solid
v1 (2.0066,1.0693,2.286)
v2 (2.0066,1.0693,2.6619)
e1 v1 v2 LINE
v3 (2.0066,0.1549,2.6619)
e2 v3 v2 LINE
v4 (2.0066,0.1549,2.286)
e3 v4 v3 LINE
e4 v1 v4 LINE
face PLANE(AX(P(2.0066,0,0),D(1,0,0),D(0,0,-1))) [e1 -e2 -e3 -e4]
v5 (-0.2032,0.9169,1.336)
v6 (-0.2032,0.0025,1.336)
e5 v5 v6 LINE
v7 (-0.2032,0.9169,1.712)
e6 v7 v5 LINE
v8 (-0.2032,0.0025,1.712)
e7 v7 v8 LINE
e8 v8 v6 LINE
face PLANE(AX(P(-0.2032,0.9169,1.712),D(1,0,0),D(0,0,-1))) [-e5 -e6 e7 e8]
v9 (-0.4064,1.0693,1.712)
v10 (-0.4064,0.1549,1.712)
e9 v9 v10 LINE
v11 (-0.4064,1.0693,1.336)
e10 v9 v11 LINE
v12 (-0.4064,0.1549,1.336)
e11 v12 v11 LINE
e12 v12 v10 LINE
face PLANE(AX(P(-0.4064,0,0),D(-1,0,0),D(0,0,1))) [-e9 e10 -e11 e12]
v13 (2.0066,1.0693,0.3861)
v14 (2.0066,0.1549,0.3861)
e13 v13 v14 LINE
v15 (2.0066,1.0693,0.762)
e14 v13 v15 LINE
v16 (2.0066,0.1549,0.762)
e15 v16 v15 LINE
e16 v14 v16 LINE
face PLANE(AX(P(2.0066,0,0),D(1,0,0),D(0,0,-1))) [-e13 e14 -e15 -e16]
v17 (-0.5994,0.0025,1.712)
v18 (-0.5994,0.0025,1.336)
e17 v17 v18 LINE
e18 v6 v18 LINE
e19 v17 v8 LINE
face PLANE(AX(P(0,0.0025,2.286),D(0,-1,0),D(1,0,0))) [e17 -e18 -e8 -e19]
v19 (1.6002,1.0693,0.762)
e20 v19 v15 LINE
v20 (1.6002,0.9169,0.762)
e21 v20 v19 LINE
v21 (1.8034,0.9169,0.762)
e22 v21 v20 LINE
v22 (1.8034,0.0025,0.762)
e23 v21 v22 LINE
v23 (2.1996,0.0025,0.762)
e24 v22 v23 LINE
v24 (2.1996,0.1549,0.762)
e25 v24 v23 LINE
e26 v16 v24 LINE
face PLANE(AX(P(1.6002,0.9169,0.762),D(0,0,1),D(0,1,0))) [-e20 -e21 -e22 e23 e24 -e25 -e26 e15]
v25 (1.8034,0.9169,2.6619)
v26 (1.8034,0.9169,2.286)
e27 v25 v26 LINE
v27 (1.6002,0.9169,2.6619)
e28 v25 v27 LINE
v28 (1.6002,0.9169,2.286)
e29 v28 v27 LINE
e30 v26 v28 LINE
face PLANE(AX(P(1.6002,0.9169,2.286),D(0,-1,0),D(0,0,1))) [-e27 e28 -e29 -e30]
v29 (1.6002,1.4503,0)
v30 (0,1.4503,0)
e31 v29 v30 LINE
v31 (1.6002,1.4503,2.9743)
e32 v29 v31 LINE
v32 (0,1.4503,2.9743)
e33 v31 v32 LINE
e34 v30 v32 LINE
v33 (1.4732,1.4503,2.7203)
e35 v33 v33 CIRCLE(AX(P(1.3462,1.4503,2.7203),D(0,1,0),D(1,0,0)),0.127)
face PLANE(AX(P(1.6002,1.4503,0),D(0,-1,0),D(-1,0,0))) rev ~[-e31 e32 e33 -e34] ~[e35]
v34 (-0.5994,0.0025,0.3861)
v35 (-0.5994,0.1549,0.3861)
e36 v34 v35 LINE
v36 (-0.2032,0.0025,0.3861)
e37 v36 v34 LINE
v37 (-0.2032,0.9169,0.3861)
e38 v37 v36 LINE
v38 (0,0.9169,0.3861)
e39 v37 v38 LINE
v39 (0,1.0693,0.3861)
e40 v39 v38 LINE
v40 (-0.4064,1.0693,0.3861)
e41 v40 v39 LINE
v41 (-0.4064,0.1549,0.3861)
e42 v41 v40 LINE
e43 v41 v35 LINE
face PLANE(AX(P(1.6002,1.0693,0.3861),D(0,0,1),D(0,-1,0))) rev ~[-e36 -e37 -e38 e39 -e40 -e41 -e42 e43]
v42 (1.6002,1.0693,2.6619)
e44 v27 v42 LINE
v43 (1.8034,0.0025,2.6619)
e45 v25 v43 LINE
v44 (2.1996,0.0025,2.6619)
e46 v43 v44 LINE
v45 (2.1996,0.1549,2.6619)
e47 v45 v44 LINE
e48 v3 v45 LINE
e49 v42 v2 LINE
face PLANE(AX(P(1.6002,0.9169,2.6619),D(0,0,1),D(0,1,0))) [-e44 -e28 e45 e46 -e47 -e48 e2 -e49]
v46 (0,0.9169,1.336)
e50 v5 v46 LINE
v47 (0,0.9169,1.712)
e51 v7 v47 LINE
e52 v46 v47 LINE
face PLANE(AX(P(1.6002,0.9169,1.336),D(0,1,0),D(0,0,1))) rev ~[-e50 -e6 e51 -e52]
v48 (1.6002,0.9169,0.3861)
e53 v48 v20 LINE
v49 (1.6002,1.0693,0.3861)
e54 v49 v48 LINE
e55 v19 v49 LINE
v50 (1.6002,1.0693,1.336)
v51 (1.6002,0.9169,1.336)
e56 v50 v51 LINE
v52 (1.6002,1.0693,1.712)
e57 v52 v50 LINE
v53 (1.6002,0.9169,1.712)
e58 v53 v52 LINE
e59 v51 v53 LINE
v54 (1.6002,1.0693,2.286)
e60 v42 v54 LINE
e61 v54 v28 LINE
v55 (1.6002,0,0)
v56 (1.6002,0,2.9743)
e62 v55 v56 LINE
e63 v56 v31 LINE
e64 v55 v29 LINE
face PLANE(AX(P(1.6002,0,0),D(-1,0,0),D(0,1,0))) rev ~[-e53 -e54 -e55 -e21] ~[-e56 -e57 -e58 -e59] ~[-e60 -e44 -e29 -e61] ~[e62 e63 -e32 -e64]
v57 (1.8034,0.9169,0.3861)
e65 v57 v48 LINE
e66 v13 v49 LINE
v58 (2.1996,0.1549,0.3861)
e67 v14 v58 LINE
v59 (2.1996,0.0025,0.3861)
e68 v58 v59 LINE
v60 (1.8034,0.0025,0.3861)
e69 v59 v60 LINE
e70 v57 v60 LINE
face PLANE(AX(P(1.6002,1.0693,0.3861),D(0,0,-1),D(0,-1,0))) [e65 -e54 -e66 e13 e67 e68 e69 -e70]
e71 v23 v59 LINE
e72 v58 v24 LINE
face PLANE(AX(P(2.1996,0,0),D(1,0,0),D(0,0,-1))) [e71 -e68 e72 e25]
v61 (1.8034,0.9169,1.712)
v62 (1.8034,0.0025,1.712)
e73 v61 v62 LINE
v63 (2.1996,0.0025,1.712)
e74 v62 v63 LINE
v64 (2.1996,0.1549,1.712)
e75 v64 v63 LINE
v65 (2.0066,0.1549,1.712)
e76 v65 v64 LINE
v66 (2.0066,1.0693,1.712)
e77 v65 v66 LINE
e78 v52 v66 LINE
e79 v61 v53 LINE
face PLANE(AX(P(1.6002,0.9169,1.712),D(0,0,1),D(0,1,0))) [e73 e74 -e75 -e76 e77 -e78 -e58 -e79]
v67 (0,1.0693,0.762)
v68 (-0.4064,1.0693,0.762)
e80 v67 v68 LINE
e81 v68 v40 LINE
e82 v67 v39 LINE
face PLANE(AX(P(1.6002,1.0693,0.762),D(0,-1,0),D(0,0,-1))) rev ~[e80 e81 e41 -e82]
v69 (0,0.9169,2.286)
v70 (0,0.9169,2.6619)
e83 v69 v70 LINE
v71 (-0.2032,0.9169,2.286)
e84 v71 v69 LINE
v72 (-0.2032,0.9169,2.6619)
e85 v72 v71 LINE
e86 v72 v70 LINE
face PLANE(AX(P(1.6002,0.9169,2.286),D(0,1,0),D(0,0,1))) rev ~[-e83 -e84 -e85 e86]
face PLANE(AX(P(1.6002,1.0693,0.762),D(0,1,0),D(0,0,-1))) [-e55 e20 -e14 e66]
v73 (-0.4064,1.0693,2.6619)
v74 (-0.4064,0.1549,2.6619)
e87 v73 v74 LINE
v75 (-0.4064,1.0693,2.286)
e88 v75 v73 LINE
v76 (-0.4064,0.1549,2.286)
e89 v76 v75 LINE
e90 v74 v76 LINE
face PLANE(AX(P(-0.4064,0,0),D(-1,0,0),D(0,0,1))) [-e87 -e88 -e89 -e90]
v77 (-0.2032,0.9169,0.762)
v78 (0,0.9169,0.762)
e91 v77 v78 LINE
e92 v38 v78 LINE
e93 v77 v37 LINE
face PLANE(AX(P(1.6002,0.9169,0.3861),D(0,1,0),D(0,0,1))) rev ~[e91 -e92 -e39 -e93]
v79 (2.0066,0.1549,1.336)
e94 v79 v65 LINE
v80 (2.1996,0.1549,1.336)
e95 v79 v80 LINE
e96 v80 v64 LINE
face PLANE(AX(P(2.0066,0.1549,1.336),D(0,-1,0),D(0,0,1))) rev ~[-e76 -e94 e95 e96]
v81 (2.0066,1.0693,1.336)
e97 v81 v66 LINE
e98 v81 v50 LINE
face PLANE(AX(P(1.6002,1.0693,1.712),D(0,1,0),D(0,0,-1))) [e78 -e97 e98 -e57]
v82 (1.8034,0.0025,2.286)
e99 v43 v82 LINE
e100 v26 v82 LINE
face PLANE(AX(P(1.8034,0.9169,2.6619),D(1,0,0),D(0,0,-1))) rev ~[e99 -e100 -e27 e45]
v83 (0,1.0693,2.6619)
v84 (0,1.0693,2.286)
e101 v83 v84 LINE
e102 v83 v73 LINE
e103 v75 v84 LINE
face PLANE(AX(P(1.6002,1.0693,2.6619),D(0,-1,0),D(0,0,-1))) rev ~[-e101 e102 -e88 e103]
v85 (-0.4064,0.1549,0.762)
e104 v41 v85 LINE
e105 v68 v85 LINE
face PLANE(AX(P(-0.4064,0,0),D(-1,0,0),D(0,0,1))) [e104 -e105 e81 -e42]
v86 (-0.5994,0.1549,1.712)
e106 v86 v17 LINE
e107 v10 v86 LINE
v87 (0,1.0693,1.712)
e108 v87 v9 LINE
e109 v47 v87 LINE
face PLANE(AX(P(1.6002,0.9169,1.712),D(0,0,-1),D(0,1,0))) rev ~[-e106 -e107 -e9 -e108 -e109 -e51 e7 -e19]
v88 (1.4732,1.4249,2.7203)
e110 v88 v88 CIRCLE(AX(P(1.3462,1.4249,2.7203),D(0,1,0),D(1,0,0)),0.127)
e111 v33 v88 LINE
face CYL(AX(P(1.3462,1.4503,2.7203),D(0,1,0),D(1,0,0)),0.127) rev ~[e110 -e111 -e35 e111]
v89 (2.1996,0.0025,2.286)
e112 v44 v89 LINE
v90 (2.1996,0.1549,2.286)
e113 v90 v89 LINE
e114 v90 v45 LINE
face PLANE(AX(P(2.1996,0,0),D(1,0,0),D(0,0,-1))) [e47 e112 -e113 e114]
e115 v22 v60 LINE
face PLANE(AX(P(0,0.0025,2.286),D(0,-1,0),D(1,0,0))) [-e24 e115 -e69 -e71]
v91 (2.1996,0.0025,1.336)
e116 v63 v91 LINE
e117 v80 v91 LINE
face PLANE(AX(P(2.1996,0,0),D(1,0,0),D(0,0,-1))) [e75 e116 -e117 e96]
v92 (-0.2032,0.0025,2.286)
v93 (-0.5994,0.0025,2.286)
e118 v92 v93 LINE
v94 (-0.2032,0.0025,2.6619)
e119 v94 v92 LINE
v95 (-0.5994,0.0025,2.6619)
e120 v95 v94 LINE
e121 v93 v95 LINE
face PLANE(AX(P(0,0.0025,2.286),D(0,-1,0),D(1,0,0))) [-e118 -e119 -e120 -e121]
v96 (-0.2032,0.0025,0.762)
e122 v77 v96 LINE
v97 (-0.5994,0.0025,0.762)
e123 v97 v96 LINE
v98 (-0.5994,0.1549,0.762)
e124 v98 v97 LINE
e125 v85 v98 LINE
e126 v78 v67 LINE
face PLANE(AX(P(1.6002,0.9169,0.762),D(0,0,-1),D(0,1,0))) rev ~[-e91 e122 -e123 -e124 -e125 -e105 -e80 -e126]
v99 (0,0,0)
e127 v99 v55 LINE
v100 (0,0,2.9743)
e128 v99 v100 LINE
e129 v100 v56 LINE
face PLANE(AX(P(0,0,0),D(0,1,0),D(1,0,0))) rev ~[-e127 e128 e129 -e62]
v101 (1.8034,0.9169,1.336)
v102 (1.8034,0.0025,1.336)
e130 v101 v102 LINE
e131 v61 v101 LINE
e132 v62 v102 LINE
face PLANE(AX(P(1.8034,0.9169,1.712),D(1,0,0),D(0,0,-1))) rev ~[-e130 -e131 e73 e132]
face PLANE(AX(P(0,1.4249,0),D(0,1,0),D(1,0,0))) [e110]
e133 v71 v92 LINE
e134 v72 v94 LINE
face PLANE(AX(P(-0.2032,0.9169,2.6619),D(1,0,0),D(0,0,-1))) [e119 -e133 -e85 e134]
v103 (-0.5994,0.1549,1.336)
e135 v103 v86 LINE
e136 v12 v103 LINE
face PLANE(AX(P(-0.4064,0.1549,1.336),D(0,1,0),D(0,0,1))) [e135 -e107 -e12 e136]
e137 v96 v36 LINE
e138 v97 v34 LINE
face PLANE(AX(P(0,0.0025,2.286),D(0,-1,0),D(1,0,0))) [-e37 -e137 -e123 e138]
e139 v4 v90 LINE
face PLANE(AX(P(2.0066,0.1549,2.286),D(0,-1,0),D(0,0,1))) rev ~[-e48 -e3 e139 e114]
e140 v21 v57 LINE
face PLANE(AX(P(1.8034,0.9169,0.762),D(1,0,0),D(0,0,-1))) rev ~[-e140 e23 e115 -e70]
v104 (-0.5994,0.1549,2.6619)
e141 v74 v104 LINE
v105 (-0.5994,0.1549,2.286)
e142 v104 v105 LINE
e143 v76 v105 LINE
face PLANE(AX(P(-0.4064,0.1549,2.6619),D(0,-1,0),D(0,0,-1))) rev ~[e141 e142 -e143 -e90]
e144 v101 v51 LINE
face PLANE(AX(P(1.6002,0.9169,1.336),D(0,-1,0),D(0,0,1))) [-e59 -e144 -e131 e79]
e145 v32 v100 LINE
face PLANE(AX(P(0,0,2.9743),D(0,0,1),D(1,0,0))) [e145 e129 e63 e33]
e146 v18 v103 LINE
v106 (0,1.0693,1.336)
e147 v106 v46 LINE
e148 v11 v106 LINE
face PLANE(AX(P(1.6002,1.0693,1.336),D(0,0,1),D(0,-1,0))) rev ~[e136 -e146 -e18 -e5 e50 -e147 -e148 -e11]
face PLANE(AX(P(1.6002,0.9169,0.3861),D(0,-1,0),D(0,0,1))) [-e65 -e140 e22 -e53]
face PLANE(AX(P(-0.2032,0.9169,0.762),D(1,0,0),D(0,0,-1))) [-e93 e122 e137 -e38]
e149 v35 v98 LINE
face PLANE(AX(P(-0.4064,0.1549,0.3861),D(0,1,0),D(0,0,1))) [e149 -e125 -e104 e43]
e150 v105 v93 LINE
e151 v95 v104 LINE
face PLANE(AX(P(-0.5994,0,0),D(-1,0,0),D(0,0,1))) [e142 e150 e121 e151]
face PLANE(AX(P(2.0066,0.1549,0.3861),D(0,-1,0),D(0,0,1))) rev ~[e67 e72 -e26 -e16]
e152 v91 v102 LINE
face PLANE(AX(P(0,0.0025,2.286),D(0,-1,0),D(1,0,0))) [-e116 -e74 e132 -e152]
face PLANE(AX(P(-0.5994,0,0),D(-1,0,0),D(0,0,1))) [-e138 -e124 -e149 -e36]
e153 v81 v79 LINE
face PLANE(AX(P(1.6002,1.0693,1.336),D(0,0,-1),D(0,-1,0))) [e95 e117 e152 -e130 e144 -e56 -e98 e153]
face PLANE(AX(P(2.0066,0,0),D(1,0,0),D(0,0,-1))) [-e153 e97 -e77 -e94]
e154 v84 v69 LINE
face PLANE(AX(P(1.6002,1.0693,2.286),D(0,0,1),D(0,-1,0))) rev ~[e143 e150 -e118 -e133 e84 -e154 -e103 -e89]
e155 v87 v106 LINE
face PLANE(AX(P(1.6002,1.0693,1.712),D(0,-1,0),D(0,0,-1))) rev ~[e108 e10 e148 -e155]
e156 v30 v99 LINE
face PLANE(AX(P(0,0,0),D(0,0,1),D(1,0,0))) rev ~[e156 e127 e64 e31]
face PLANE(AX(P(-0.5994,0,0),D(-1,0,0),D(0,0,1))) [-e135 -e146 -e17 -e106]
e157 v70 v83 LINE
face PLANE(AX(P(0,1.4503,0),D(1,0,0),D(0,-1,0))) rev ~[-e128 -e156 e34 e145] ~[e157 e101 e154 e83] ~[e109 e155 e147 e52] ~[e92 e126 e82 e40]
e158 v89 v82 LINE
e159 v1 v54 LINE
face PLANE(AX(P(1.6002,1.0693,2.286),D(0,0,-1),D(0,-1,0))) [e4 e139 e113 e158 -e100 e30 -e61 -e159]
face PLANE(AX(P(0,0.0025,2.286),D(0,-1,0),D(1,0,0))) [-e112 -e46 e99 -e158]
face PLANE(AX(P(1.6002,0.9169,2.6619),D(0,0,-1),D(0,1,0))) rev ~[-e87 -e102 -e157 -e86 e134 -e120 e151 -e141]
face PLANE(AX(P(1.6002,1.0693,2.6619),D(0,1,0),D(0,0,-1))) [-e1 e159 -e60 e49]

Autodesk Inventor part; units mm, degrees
ref_plane "YZ Plane" through (0, 0, 0) normal (1, 0, 0) x (0, 1, 0)
ref_plane "XZ Plane" through (0, 0, 0) normal (0, 1, 0) x (-1, 0, 0)
ref_plane "XY Plane" through (0, 0, 0) normal (0, 0, 1) x (1, 0, 0)
sketch "Sketch1" plane through (0, 0, 0) normal (0, 0, 1) x (1, 0, 0)
  line L0 (0, 0) -> (1.6002, 0)
  line L1 (1.6002, 0) -> (1.6002, 1.4503)
  line L2 (1.6002, 1.4503) -> (0, 1.4503)
  line L3 (0, 1.4503) -> (0, 0)
  dimension "d0" = 1.6002
  dimension "d1" = 1.4503
extrude "Extrusion1" add sketch "Sketch1" along normal blind 2.9743
sketch "Sketch2" plane through (1.6002, 0, 0) normal (1, 0, 0) x (0, 0, -1)
  line L0 (-2.6619, 1.0693) -> (-2.286, 1.0693)
  line L1 (-2.286, 1.0693) -> (-2.286, 0.9169)
  line L2 (-2.286, 0.9169) -> (-2.6619, 0.9169)
  line L3 (-2.6619, 0.9169) -> (-2.6619, 1.0693)
  line L4 (0, 1.4503) -> (-2.9743, 1.4503) projected
  line L5 (-2.9743, 0) -> (-2.9743, 1.4503) projected
  line L6 (-1.712, 1.0693) -> (-1.336, 1.0693)
  line L7 (-1.336, 1.0693) -> (-1.336, 0.9169)
  line L8 (-1.336, 0.9169) -> (-1.712, 0.9169)
  line L9 (-1.712, 0.9169) -> (-1.712, 1.0693)
  line L10 (-0.762, 1.0693) -> (-0.3861, 1.0693)
  line L11 (-0.3861, 1.0693) -> (-0.3861, 0.9169)
  line L12 (-0.3861, 0.9169) -> (-0.762, 0.9169)
  line L13 (-0.762, 0.9169) -> (-0.762, 1.0693)
  point P0 (0, 0)
  dimension "d4" = 0.1524
  dimension "d5" = 0.3759
  dimension "d6" = 0.381
  dimension "d7" = 0.3124
  dimension "d10" = 0.95
extrude "Extrusion2" add sketch "Sketch2" along normal blind 0.254
extrude "Extrusion3" add sketch "Sketch2" against normal blind 1.8542
sketch "Sketch3" plane through (1.8542, 0, 0) normal (1, 0, 0) x (0, 0, -1)
  line L0 (-2.6619, 0.9169) -> (-2.286, 0.9169)
  line L1 (-2.286, 0.9169) -> (-2.286, 1.0693)
  line L2 (-2.286, 1.0693) -> (-2.6619, 1.0693)
  line L3 (-2.6619, 1.0693) -> (-2.6619, 0.9169)
  line L4 (-1.712, 0.9169) -> (-1.336, 0.9169)
  line L5 (-1.336, 0.9169) -> (-1.336, 1.0693)
  line L6 (-1.336, 1.0693) -> (-1.712, 1.0693)
  line L7 (-1.712, 1.0693) -> (-1.712, 0.9169)
  line L8 (-0.762, 0.9169) -> (-0.3861, 0.9169)
  line L9 (-0.3861, 0.9169) -> (-0.3861, 1.0693)
  line L10 (-0.3861, 1.0693) -> (-0.762, 1.0693)
  line L11 (-0.762, 1.0693) -> (-0.762, 0.9169)
  point P0 (0, 0)
extrude "Extrusion4" add sketch "Sketch3" along normal blind 0.1524
sketch "Sketch4" plane through (-0.254, 0, 0) normal (-1, 0, 0) x (0, 0, 1)
  line L0 (2.286, 1.0693) -> (2.6619, 1.0693)
  line L1 (2.6619, 1.0693) -> (2.6619, 0.9169)
  line L2 (2.6619, 0.9169) -> (2.286, 0.9169)
  line L3 (2.286, 0.9169) -> (2.286, 1.0693)
  line L4 (1.712, 1.0693) -> (1.336, 1.0693)
  line L5 (1.336, 1.0693) -> (1.336, 0.9169)
  line L6 (1.336, 0.9169) -> (1.712, 0.9169)
  line L7 (1.712, 0.9169) -> (1.712, 1.0693)
  line L8 (0.762, 1.0693) -> (0.3861, 1.0693)
  line L9 (0.3861, 1.0693) -> (0.3861, 0.9169)
  line L10 (0.3861, 0.9169) -> (0.762, 0.9169)
  line L11 (0.762, 0.9169) -> (0.762, 1.0693)
  point P0 (0, 0)
extrude "Extrusion5" add sketch "Sketch4" along normal blind 0.1524
sketch "Sketch5" plane through (0, 0.9169, 2.286) normal (0, -1, 0) x (1, 0, 0)
  line L0 (0, 0) -> (-0.4064, 0) projected
  line L1 (-0.4064, 0.3759) -> (-0.2032, 0.3759)
  line L2 (-0.2032, 0.3759) -> (-0.2032, 0)
  line L3 (-0.2032, 0) -> (-0.4064, 0)
  line L4 (-0.4064, 0) -> (-0.4064, 0.3759)
  line L5 (0, -0.95) -> (-0.4064, -0.95) projected
  line L6 (-0.4064, -0.574) -> (-0.2032, -0.574)
  line L7 (-0.2032, -0.574) -> (-0.2032, -0.95)
  line L8 (-0.2032, -0.95) -> (-0.4064, -0.95)
  line L9 (-0.4064, -0.95) -> (-0.4064, -0.574)
  line L10 (0, -1.8999) -> (-0.4064, -1.8999) projected
  line L11 (-0.4064, -1.524) -> (-0.2032, -1.524)
  line L12 (-0.2032, -1.524) -> (-0.2032, -1.8999)
  line L13 (-0.2032, -1.8999) -> (-0.4064, -1.8999)
  line L14 (-0.4064, -1.8999) -> (-0.4064, -1.524)
  line L15 (1.6002, 0) -> (2.0066, 0) projected
  line L16 (2.0066, 0.3759) -> (1.8034, 0.3759)
  line L17 (1.8034, 0.3759) -> (1.8034, 0)
  line L18 (1.8034, 0) -> (2.0066, 0)
  line L19 (2.0066, 0) -> (2.0066, 0.3759)
  line L20 (2.0066, -0.574) -> (1.8034, -0.574)
  line L21 (1.8034, -0.574) -> (1.8034, -0.95)
  line L22 (1.8034, -0.95) -> (2.0066, -0.95)
  line L23 (2.0066, -0.95) -> (2.0066, -0.574)
  line L24 (1.6002, -1.8999) -> (2.0066, -1.8999) projected
  line L25 (2.0066, -1.524) -> (1.8034, -1.524)
  line L26 (1.8034, -1.524) -> (1.8034, -1.8999)
  line L27 (1.8034, -1.8999) -> (2.0066, -1.8999)
  line L28 (2.0066, -1.8999) -> (2.0066, -1.524)
  point P0 (0, -2.286)
extrude "Extrusion6" add sketch "Sketch5" along normal blind 0.9144
sketch "Sketch6" plane through (2.0066, 0, 0) normal (1, 0, 0) x (0, 0, -1)
  line L0 (-2.286, 0.9169) -> (-2.286, 0.0025) projected
  line L1 (-2.6619, 0.0025) -> (-2.286, 0.0025)
  line L2 (-2.286, 0.0025) -> (-2.286, 0.1549)
  line L3 (-2.286, 0.1549) -> (-2.6619, 0.1549)
  line L4 (-2.6619, 0.1549) -> (-2.6619, 0.0025)
  line L5 (-1.336, 1.0693) -> (-1.336, 0.0025) projected
  line L6 (-1.712, 0.0025) -> (-1.336, 0.0025)
  line L7 (-1.336, 0.0025) -> (-1.336, 0.1549)
  line L8 (-1.336, 0.1549) -> (-1.712, 0.1549)
  line L9 (-1.712, 0.1549) -> (-1.712, 0.0025)
  line L10 (-0.3861, 1.0693) -> (-0.3861, 0.0025) projected
  line L11 (-0.762, 0.0025) -> (-0.3861, 0.0025)
  line L12 (-0.3861, 0.0025) -> (-0.3861, 0.1549)
  line L13 (-0.3861, 0.1549) -> (-0.762, 0.1549)
  line L14 (-0.762, 0.1549) -> (-0.762, 0.0025)
  point P0 (0, 0)
  dimension "d25" = 0.1524
extrude "Extrusion7" add sketch "Sketch6" along normal blind 0.193
sketch "Sketch7" plane through (-0.4064, 0, 0) normal (-1, 0, 0) x (0, 0, 1)
  line L0 (2.286, 0.0025) -> (2.6619, 0.0025)
  line L1 (2.6619, 0.0025) -> (2.6619, 0.1549)
  line L2 (2.6619, 0.1549) -> (2.286, 0.1549)
  line L3 (2.286, 0.1549) -> (2.286, 0.0025)
  line L4 (1.712, 0.0025) -> (1.336, 0.0025)
  line L5 (1.336, 0.0025) -> (1.336, 0.1549)
  line L6 (1.336, 0.1549) -> (1.712, 0.1549)
  line L7 (1.712, 0.1549) -> (1.712, 0.0025)
  line L8 (0.762, 0.0025) -> (0.3861, 0.0025)
  line L9 (0.3861, 0.0025) -> (0.3861, 0.1549)
  line L10 (0.3861, 0.1549) -> (0.762, 0.1549)
  line L11 (0.762, 0.1549) -> (0.762, 0.0025)
  point P0 (0, 0)
extrude "Extrusion8" add sketch "Sketch7" along normal blind 0.193
sketch "Sketch8" plane through (0, 1.4503, 0) normal (0, 1, 0) x (1, 0, 0)
  circle A0 centre (1.3462, -2.7203) radius 0.127
  line L0 (1.6002, 0) -> (1.6002, -2.9743) projected
  line L1 (1.6002, -2.9743) -> (0, -2.9743) projected
  point P0 (0, 0)
  dimension "d30" = 0.254
  dimension "d31" = 0.254
  dimension "d32" = 0.254
extrude "Extrusion9" cut sketch "Sketch8" against normal blind 0.0254
properties part number "74LVC2G14 Dual Inverter"
